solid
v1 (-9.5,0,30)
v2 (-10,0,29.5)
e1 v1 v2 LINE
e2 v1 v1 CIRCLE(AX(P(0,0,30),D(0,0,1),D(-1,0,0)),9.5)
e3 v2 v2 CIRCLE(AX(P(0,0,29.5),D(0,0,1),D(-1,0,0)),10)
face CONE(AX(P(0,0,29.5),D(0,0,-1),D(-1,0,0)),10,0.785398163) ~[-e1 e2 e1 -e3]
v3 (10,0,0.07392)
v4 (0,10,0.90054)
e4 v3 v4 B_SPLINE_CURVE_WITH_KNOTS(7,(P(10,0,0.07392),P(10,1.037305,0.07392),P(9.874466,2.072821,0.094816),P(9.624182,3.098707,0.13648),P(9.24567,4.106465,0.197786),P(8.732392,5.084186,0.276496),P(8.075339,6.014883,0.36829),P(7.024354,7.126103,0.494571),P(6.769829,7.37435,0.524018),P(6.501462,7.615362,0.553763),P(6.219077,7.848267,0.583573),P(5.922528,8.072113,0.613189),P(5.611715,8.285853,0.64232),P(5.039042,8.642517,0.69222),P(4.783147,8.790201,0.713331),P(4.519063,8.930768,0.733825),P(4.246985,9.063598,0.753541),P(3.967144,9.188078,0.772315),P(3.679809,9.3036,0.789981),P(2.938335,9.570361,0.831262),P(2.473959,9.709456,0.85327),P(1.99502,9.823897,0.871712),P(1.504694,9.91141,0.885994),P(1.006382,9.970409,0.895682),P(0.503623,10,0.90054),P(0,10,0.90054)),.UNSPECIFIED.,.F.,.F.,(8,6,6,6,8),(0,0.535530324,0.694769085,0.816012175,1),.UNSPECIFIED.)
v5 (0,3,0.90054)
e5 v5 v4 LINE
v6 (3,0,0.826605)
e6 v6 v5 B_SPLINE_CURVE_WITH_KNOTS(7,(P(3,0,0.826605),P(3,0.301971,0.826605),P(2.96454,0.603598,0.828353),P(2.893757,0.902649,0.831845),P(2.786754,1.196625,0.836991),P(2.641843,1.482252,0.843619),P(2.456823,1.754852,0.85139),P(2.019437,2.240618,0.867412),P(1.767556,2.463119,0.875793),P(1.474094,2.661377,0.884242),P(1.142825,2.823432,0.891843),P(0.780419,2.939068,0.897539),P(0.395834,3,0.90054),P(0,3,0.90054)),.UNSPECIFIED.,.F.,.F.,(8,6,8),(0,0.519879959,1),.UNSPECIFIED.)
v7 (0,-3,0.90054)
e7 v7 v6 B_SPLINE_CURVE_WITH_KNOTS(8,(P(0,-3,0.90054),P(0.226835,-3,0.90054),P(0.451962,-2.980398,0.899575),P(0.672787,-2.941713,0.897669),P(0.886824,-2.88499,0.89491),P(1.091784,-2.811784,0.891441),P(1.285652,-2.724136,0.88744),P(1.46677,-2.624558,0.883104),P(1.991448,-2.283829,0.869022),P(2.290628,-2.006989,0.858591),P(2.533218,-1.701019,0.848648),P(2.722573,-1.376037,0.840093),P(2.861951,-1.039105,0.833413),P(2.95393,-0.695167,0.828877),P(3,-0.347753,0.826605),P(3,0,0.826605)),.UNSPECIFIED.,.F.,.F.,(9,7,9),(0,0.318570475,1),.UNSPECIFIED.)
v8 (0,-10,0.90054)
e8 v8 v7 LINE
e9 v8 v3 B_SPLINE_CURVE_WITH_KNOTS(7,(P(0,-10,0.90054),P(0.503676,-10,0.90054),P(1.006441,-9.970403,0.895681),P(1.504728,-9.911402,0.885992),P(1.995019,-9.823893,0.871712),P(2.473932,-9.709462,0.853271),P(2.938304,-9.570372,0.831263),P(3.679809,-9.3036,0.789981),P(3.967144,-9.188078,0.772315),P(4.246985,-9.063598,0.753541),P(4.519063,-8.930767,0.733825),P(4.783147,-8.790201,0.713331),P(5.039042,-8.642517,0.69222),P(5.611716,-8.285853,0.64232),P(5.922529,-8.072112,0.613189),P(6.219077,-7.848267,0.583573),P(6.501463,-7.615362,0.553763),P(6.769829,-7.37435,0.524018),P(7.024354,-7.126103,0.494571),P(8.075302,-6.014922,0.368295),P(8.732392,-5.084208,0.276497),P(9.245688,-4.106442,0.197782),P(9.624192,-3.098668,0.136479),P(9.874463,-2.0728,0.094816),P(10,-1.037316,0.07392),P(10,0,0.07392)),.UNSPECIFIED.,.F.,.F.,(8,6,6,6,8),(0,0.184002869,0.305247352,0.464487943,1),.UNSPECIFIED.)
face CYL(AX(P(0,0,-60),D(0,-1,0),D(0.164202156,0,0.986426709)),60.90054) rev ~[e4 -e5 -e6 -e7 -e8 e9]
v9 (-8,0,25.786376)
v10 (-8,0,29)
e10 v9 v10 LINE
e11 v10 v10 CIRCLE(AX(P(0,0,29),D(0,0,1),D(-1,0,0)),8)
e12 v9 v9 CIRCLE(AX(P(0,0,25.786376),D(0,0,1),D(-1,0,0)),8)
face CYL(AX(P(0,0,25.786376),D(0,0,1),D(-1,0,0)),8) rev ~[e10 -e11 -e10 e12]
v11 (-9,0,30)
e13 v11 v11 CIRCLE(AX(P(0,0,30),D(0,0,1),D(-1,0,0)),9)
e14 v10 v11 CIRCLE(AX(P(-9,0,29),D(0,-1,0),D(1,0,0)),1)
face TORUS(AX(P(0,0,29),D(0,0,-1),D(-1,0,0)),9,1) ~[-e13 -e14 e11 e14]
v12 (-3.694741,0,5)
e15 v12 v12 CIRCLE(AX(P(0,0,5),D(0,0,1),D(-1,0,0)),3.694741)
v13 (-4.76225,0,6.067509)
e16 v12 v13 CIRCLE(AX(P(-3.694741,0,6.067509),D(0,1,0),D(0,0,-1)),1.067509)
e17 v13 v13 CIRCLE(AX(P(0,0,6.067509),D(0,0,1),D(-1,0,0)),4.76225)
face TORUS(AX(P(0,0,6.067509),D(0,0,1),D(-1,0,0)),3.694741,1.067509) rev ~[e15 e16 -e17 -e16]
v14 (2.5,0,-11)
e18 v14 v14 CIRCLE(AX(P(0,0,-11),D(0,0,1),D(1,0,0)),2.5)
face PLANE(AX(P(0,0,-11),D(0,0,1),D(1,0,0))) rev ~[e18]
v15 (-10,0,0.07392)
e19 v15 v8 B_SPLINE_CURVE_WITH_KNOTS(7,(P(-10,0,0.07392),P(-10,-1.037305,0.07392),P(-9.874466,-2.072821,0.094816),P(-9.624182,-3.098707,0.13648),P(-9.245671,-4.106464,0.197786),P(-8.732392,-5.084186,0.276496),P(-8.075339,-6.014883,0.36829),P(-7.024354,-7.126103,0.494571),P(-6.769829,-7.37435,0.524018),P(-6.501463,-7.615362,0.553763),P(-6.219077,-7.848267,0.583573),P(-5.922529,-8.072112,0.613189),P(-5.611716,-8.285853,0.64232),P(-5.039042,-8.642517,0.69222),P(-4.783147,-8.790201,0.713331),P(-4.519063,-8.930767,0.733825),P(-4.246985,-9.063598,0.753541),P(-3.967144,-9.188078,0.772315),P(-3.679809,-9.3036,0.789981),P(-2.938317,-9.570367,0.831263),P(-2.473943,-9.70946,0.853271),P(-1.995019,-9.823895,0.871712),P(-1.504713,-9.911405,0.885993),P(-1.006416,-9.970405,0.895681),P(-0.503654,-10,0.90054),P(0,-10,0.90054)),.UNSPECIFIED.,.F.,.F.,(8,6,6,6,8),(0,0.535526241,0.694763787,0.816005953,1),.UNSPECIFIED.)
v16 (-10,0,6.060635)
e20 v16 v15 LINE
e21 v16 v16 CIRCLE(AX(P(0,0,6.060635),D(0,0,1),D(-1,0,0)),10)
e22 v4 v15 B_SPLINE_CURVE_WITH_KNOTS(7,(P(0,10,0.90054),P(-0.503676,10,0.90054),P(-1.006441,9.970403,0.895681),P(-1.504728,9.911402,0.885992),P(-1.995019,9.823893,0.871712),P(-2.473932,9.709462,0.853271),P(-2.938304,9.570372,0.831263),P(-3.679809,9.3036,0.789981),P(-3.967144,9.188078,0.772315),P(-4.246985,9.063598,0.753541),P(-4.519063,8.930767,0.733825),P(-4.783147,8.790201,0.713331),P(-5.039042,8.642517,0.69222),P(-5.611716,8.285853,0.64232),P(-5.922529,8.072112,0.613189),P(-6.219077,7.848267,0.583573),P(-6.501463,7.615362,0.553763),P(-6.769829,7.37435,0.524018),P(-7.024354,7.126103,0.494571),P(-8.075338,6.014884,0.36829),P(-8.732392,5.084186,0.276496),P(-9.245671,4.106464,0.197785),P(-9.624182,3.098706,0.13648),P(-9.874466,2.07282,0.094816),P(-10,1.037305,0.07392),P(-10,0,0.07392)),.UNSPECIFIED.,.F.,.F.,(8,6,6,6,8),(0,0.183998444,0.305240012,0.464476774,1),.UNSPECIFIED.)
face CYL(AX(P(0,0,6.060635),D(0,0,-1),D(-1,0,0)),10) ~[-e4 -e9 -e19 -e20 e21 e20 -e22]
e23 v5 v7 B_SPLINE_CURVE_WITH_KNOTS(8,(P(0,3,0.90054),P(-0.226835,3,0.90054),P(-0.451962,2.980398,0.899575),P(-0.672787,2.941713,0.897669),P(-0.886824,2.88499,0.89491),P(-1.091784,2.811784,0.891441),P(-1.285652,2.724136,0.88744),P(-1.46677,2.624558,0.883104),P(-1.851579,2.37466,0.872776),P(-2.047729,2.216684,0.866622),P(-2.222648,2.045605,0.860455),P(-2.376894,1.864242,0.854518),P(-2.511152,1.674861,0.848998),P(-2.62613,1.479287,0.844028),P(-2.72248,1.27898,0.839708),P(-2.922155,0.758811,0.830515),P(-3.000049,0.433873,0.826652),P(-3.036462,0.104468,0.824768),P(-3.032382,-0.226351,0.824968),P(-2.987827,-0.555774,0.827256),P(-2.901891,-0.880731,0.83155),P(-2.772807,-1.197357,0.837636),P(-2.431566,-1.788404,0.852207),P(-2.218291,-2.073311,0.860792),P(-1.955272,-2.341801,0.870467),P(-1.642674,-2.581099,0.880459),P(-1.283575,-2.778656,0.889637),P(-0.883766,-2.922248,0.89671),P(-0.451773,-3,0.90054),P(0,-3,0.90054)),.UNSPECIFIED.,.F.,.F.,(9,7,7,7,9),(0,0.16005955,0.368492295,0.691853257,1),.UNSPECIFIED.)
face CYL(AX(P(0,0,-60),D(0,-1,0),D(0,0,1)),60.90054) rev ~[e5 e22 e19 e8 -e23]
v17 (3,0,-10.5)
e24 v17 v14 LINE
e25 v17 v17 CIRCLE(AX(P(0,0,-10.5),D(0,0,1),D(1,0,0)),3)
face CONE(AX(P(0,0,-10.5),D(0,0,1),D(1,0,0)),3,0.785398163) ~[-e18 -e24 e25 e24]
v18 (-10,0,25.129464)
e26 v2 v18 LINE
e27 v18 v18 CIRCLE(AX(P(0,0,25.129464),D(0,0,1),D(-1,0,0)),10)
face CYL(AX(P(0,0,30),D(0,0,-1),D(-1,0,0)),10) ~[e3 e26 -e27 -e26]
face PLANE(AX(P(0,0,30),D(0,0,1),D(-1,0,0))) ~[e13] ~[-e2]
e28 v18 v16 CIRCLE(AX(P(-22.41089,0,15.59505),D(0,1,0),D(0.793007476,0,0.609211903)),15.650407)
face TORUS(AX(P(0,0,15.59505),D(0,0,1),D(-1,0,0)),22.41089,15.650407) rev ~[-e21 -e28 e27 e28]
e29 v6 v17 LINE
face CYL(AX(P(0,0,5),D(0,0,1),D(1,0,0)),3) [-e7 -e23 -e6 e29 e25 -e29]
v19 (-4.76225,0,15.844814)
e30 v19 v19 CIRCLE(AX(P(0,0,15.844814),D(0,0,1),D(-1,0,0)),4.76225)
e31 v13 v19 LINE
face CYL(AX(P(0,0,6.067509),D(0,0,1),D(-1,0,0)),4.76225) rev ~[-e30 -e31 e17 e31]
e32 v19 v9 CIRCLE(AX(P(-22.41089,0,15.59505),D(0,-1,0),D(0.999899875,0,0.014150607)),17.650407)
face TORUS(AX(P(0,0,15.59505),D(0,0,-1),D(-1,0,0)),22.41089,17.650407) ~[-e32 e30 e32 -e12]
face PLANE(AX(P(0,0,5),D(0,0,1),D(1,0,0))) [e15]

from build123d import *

# Parameters (mm, degrees)
F2_DEPTH = 12.5
F3_R     = 3
F4_DEPTH = 16
F5_SIZE  = 0.5
F6_SIZE  = 0.5


with BuildPart() as f1:
    # F0 (on Front) → F1 (revolve)
    with BuildSketch(Plane.XZ):
        with BuildLine():
            Line((0, 0), (0, 0.9005403525))
            ThreePointArc((0, 0.9005403525), (-5.0170534649, 0.6935333438), (-10, 0.0739195926))
            Line((-10, 0.0739195926), (-10, 0))
            Line((-10, 0), (0, 0))
        make_face()
        with BuildLine():
            ThreePointArc((-10, 0.0739195926), (-5.0170534649, 0.6935333438), (0, 0.9005403525))
            Line((0, 0.9005403525), (0, 5))
            Line((0, 5), (-3.694741217, 5))
            ThreePointArc((-3.694741217, 5), (-4.4495838523, 5.312666057), (-4.7622499093, 6.0675086923))
            Line((-4.7622499093, 6.0675086923), (-4.7622499093, 15.345285621))
            Line((-4.7622499093, 15.345285621), (-4.7622499093, 15.8448135736))
            ThreePointArc((-4.7622499093, 15.8448135736), (-5.6281002444, 21.0608384026), (-8, 25.7863757656))
            Line((-8, 25.7863757656), (-8, 29))
            ThreePointArc((-8, 29), (-8.2928932188, 29.7071067812), (-9, 30))
            Line((-9, 30), (-10, 30))
            Line((-10, 30), (-10, 25.1294640906))
            ThreePointArc((-10, 25.1294640906), (-6.7604826649, 15.5950495973), (-10, 6.0606351041))
            Line((-10, 6.0606351041), (-10, 0.0739195926))
        make_face()
    revolve(axis=Axis((0, 0, 31.9755728546), (0, 0, 1)))

    # F0 (on Front) → F2 (cut, symmetric)
    with BuildSketch(Plane.XZ):
        with BuildLine():
            Line((0, 0), (0, 0.9005403525))
            ThreePointArc((0, 0.9005403525), (-5.0170534649, 0.6935333438), (-10, 0.0739195926))
            Line((-10, 0.0739195926), (-10, 0))
            Line((-10, 0), (0, 0))
        make_face()
        with BuildLine():
            ThreePointArc((10, 0.0739195926), (5.0170534649, 0.6935333438), (0, 0.9005403525))
            Line((0, 0.9005403525), (0, 0))
            Line((0, 0), (10, 0))
            Line((10, 0), (10, 0.0739195926))
        make_face()
    extrude(amount=F2_DEPTH, both=True, mode=Mode.SUBTRACT)

    # F3 (on face) → F4 (join)
    with BuildSketch(Plane.XY.offset(5)):
        Circle(F3_R)
    extrude(amount=-F4_DEPTH)

    # F5
    f5_edges = [f1.edges().sort_by_distance(p)[0] for p in [
        (10, 0, 30),
    ]]
    chamfer(f5_edges, length=F5_SIZE)

    # F6
    f6_edges = [f1.edges().sort_by_distance(p)[0] for p in [
        (-3, 0, -11),
    ]]
    chamfer(f6_edges, length=F6_SIZE)


solid = f1.part
